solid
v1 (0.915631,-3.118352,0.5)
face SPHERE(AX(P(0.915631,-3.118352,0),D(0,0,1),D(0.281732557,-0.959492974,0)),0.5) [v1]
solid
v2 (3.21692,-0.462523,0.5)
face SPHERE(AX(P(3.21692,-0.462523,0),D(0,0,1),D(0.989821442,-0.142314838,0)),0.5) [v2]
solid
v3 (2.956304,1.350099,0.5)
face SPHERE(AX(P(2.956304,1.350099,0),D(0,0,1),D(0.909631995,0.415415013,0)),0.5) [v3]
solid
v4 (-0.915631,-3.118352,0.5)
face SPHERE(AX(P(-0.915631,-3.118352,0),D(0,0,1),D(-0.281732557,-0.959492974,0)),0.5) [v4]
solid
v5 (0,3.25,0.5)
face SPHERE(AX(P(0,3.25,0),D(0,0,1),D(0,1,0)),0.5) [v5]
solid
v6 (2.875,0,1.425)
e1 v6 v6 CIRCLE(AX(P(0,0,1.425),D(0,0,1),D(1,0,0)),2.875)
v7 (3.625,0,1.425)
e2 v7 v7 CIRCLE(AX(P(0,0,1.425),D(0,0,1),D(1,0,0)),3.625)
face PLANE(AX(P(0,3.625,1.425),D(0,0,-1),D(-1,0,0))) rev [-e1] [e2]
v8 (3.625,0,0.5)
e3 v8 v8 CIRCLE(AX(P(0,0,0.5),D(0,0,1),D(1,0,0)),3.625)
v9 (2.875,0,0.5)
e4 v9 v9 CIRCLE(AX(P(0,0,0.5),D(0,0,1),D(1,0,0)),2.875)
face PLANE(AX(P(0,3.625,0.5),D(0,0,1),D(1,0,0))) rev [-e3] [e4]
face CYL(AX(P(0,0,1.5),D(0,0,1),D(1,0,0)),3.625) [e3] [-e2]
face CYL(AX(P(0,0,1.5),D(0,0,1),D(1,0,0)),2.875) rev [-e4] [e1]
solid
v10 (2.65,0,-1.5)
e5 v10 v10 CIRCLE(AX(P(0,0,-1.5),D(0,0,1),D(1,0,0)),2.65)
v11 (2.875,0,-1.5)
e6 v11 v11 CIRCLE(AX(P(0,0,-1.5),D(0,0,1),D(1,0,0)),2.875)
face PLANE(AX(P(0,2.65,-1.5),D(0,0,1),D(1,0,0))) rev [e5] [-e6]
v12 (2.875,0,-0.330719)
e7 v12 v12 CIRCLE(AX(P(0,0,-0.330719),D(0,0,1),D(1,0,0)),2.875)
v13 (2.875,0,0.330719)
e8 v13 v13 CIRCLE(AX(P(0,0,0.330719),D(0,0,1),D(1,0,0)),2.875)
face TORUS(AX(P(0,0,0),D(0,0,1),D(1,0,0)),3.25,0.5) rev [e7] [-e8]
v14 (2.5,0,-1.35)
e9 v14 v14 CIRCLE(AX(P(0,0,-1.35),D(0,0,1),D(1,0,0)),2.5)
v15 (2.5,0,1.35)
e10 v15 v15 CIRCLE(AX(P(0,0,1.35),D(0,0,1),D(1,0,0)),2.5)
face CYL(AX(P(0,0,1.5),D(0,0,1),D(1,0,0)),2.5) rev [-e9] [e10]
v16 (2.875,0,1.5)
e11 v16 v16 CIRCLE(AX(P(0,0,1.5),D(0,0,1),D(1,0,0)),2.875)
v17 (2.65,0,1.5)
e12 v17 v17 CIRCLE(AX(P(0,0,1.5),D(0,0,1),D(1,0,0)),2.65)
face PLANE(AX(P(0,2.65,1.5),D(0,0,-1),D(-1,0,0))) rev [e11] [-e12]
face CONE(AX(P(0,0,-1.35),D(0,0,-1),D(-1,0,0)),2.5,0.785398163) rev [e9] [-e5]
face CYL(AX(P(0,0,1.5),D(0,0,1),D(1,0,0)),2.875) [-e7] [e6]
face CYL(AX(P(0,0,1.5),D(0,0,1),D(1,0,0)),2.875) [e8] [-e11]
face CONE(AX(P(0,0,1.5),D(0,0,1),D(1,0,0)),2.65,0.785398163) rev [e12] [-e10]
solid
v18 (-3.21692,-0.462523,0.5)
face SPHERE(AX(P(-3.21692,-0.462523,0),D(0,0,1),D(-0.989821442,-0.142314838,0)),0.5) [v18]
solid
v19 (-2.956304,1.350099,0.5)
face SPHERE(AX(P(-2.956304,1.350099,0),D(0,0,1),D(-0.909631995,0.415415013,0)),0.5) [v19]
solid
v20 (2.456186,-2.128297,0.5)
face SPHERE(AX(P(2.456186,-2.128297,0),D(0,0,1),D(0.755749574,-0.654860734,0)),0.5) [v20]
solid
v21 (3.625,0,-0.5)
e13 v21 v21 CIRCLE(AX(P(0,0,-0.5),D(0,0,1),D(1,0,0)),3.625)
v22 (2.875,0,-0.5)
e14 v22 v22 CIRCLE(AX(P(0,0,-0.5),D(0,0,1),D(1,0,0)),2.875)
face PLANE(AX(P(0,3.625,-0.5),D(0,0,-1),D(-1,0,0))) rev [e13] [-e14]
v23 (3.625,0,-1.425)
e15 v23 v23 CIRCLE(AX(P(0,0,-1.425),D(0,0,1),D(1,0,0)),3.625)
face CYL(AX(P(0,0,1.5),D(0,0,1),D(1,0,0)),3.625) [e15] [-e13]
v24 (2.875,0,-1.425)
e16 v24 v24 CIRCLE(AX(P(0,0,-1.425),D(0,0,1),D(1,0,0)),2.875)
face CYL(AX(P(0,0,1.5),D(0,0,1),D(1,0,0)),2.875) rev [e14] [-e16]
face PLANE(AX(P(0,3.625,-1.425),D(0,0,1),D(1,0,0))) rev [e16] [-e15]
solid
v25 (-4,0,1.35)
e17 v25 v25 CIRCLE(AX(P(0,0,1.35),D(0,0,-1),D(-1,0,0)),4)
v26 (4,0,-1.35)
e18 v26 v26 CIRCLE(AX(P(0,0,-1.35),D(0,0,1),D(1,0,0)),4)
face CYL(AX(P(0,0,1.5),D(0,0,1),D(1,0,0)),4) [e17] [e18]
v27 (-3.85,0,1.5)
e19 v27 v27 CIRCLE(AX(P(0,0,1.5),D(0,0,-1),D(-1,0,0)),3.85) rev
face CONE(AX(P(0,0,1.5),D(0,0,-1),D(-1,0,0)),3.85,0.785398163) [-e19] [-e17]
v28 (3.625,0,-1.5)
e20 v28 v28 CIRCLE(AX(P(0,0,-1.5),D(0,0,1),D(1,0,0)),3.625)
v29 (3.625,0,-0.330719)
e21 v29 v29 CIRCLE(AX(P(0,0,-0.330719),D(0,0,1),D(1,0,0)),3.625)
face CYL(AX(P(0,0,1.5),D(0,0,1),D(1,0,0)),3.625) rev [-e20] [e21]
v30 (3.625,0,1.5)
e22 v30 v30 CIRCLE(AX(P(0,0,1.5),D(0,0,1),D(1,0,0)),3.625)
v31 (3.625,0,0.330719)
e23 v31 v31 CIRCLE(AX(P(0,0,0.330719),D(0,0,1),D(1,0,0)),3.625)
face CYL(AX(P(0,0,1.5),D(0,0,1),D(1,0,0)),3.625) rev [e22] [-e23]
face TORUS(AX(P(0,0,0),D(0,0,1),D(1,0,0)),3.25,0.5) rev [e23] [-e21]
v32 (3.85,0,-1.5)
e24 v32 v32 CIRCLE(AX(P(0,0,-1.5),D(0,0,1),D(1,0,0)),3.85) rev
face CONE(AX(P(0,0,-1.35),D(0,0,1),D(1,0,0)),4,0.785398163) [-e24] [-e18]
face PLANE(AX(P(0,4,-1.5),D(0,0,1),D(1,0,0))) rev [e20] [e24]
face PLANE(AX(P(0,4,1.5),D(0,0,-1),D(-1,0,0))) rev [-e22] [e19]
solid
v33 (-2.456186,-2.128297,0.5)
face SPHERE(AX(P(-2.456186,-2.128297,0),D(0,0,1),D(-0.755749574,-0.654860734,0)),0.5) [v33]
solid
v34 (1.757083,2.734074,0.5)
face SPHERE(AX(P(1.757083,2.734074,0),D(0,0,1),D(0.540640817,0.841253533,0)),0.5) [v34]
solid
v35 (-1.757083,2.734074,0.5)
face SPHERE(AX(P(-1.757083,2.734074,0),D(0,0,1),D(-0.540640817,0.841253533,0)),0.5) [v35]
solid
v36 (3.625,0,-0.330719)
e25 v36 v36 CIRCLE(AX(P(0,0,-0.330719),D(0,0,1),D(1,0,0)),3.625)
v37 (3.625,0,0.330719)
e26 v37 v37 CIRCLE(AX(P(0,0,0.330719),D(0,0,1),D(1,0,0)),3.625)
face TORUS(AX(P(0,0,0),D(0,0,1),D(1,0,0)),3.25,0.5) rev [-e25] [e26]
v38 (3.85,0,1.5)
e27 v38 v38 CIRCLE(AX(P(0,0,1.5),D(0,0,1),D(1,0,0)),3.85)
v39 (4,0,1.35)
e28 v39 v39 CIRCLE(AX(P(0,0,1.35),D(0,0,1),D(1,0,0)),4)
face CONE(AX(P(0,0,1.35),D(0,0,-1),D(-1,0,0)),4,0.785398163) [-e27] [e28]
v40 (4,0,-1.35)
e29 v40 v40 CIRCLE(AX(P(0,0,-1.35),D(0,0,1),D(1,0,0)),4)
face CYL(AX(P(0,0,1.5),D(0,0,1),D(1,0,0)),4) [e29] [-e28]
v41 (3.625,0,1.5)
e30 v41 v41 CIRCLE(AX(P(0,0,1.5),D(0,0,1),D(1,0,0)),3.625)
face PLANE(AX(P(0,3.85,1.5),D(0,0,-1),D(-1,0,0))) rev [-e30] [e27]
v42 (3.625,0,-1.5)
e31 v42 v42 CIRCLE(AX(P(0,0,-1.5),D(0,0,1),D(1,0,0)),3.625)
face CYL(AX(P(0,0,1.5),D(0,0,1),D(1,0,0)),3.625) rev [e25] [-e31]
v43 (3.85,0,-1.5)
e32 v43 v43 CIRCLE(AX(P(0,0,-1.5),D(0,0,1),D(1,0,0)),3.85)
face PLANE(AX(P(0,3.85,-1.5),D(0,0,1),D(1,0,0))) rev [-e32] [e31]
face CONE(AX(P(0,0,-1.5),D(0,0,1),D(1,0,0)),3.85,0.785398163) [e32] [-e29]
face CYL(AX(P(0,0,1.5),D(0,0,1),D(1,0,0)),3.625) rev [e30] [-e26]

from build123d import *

# Parameters (mm, degrees)
CHAMFER1_SIZE     = 0.15
CIRPATTERN1_COUNT = 11
SKETCH5_W         = 0.925
SKETCH5_H         = 0.75


with BuildPart() as part:
    # Sketch8 → Revolve1 (revolve)
    with BuildSketch(Plane(origin=(0, 0, 0), x_dir=(0, 0, -1), z_dir=(1, 0, 0))):
        with BuildLine():
            Line((1.5, 4), (-1.5, 4))
            Line((-1.5, 4), (-1.5, 3.625))
            Line((-1.5, 3.625), (-0.330718914, 3.625))
            ThreePointArc((-0.330718914, 3.625), (0, 3.75), (0.330718914, 3.625))
            Line((0.330718914, 3.625), (1.5, 3.625))
            Line((1.5, 3.625), (1.5, 4))
        make_face()
    revolve(axis=Axis((0, 0, 1.5), (0, 0, -1)))

    # Chamfer1
    chamfer1_edges = [part.edges().sort_by_distance(p)[0] for p in [
        (0, -4, -1.5),
        (0, -4, 1.5),
    ]]
    chamfer(chamfer1_edges, length=CHAMFER1_SIZE)


with BuildPart() as body_2:
    # Sketch2 → Revolve2 (revolve)
    with BuildSketch(Plane(origin=(0, 0, 0), x_dir=(0, 0, -1), z_dir=(1, 0, 0))):
        with BuildLine():
            Line((-0.330718914, 3.625), (-1.5, 3.625))
            Line((-1.5, 3.625), (-1.5, 3.85))
            Line((-1.5, 3.85), (-1.35, 4))
            Line((-1.35, 4), (1.35, 4))
            Line((1.35, 4), (1.5, 3.85))
            Line((1.5, 3.85), (1.5, 3.625))
            Line((1.5, 3.625), (0.330718914, 3.625))
            ThreePointArc((0.330718914, 3.625), (0, 3.75), (-0.330718914, 3.625))
        make_face()
        with BuildLine():
            Line((1.5, 2.875), (0.330718914, 2.875))
            ThreePointArc((0.330718914, 2.875), (0, 2.75), (-0.330718914, 2.875))
            Line((-0.330718914, 2.875), (-1.5, 2.875))
            Line((-1.5, 2.875), (-1.5, 2.65))
            Line((-1.5, 2.65), (-1.35, 2.5))
            Line((-1.35, 2.5), (1.35, 2.5))
            Line((1.35, 2.5), (1.5, 2.65))
            Line((1.5, 2.65), (1.5, 2.875))
        make_face()
    revolve(axis=Axis((0, 0, 1.5), (0, 0, -1)))


with BuildPart() as body_3:
    # Sketch3 → Revolve3 (revolve)
    with BuildSketch(Plane(origin=(0, 0, 0), x_dir=(0, 0, -1), z_dir=(1, 0, 0))):
        with BuildLine():
            Line((-0.5, 3.25), (0.5, 3.25))
            ThreePointArc((0.5, 3.25), (0, 3.75), (-0.5, 3.25))
        make_face()
    revolve(axis=Axis((0, 3.25, 0.5), (0, 0, -1)))


with BuildPart() as cirpattern1_1:
    # CirPattern1: pattern copy
    add(body_3.part.rotate(Axis((0, 0, -1.5), (0, 0, 1)), 1 * 360 / CIRPATTERN1_COUNT))


with BuildPart() as cirpattern1_2:
    # CirPattern1: pattern copy
    add(body_3.part.rotate(Axis((0, 0, -1.5), (0, 0, 1)), 2 * 360 / CIRPATTERN1_COUNT))


with BuildPart() as cirpattern1_3:
    # CirPattern1: pattern copy
    add(body_3.part.rotate(Axis((0, 0, -1.5), (0, 0, 1)), 3 * 360 / CIRPATTERN1_COUNT))


with BuildPart() as cirpattern1_4:
    # CirPattern1: pattern copy
    add(body_3.part.rotate(Axis((0, 0, -1.5), (0, 0, 1)), 4 * 360 / CIRPATTERN1_COUNT))


with BuildPart() as cirpattern1_5:
    # CirPattern1: pattern copy
    add(body_3.part.rotate(Axis((0, 0, -1.5), (0, 0, 1)), 5 * 360 / CIRPATTERN1_COUNT))


with BuildPart() as cirpattern1_6:
    # CirPattern1: pattern copy
    add(body_3.part.rotate(Axis((0, 0, -1.5), (0, 0, 1)), 6 * 360 / CIRPATTERN1_COUNT))


with BuildPart() as cirpattern1_7:
    # CirPattern1: pattern copy
    add(body_3.part.rotate(Axis((0, 0, -1.5), (0, 0, 1)), 7 * 360 / CIRPATTERN1_COUNT))


with BuildPart() as cirpattern1_8:
    # CirPattern1: pattern copy
    add(body_3.part.rotate(Axis((0, 0, -1.5), (0, 0, 1)), 8 * 360 / CIRPATTERN1_COUNT))


with BuildPart() as cirpattern1_9:
    # CirPattern1: pattern copy
    add(body_3.part.rotate(Axis((0, 0, -1.5), (0, 0, 1)), 9 * 360 / CIRPATTERN1_COUNT))


with BuildPart() as cirpattern1_10:
    # CirPattern1: pattern copy
    add(body_3.part.rotate(Axis((0, 0, -1.5), (0, 0, 1)), 10 * 360 / CIRPATTERN1_COUNT))


with BuildPart() as body_14:
    # Sketch5 → Revolve5 (revolve)
    with BuildSketch(Plane(origin=(0, 0, 0), x_dir=(0, 0, -1), z_dir=(1, 0, 0))):
        with Locations((-0.9625, 3.25)):
            Rectangle(SKETCH5_W, SKETCH5_H)
        with Locations((0.9625, 3.25)):
            Rectangle(SKETCH5_W, SKETCH5_H)
    revolve(axis=Axis((0, 0, 1.5), (0, 0, -1)))


solid = Compound([part.part, body_2.part, body_3.part, cirpattern1_1.part, cirpattern1_2.part, cirpattern1_3.part, cirpattern1_4.part, cirpattern1_5.part, cirpattern1_6.part, cirpattern1_7.part, cirpattern1_8.part, cirpattern1_9.part, cirpattern1_10.part, body_14.part])
